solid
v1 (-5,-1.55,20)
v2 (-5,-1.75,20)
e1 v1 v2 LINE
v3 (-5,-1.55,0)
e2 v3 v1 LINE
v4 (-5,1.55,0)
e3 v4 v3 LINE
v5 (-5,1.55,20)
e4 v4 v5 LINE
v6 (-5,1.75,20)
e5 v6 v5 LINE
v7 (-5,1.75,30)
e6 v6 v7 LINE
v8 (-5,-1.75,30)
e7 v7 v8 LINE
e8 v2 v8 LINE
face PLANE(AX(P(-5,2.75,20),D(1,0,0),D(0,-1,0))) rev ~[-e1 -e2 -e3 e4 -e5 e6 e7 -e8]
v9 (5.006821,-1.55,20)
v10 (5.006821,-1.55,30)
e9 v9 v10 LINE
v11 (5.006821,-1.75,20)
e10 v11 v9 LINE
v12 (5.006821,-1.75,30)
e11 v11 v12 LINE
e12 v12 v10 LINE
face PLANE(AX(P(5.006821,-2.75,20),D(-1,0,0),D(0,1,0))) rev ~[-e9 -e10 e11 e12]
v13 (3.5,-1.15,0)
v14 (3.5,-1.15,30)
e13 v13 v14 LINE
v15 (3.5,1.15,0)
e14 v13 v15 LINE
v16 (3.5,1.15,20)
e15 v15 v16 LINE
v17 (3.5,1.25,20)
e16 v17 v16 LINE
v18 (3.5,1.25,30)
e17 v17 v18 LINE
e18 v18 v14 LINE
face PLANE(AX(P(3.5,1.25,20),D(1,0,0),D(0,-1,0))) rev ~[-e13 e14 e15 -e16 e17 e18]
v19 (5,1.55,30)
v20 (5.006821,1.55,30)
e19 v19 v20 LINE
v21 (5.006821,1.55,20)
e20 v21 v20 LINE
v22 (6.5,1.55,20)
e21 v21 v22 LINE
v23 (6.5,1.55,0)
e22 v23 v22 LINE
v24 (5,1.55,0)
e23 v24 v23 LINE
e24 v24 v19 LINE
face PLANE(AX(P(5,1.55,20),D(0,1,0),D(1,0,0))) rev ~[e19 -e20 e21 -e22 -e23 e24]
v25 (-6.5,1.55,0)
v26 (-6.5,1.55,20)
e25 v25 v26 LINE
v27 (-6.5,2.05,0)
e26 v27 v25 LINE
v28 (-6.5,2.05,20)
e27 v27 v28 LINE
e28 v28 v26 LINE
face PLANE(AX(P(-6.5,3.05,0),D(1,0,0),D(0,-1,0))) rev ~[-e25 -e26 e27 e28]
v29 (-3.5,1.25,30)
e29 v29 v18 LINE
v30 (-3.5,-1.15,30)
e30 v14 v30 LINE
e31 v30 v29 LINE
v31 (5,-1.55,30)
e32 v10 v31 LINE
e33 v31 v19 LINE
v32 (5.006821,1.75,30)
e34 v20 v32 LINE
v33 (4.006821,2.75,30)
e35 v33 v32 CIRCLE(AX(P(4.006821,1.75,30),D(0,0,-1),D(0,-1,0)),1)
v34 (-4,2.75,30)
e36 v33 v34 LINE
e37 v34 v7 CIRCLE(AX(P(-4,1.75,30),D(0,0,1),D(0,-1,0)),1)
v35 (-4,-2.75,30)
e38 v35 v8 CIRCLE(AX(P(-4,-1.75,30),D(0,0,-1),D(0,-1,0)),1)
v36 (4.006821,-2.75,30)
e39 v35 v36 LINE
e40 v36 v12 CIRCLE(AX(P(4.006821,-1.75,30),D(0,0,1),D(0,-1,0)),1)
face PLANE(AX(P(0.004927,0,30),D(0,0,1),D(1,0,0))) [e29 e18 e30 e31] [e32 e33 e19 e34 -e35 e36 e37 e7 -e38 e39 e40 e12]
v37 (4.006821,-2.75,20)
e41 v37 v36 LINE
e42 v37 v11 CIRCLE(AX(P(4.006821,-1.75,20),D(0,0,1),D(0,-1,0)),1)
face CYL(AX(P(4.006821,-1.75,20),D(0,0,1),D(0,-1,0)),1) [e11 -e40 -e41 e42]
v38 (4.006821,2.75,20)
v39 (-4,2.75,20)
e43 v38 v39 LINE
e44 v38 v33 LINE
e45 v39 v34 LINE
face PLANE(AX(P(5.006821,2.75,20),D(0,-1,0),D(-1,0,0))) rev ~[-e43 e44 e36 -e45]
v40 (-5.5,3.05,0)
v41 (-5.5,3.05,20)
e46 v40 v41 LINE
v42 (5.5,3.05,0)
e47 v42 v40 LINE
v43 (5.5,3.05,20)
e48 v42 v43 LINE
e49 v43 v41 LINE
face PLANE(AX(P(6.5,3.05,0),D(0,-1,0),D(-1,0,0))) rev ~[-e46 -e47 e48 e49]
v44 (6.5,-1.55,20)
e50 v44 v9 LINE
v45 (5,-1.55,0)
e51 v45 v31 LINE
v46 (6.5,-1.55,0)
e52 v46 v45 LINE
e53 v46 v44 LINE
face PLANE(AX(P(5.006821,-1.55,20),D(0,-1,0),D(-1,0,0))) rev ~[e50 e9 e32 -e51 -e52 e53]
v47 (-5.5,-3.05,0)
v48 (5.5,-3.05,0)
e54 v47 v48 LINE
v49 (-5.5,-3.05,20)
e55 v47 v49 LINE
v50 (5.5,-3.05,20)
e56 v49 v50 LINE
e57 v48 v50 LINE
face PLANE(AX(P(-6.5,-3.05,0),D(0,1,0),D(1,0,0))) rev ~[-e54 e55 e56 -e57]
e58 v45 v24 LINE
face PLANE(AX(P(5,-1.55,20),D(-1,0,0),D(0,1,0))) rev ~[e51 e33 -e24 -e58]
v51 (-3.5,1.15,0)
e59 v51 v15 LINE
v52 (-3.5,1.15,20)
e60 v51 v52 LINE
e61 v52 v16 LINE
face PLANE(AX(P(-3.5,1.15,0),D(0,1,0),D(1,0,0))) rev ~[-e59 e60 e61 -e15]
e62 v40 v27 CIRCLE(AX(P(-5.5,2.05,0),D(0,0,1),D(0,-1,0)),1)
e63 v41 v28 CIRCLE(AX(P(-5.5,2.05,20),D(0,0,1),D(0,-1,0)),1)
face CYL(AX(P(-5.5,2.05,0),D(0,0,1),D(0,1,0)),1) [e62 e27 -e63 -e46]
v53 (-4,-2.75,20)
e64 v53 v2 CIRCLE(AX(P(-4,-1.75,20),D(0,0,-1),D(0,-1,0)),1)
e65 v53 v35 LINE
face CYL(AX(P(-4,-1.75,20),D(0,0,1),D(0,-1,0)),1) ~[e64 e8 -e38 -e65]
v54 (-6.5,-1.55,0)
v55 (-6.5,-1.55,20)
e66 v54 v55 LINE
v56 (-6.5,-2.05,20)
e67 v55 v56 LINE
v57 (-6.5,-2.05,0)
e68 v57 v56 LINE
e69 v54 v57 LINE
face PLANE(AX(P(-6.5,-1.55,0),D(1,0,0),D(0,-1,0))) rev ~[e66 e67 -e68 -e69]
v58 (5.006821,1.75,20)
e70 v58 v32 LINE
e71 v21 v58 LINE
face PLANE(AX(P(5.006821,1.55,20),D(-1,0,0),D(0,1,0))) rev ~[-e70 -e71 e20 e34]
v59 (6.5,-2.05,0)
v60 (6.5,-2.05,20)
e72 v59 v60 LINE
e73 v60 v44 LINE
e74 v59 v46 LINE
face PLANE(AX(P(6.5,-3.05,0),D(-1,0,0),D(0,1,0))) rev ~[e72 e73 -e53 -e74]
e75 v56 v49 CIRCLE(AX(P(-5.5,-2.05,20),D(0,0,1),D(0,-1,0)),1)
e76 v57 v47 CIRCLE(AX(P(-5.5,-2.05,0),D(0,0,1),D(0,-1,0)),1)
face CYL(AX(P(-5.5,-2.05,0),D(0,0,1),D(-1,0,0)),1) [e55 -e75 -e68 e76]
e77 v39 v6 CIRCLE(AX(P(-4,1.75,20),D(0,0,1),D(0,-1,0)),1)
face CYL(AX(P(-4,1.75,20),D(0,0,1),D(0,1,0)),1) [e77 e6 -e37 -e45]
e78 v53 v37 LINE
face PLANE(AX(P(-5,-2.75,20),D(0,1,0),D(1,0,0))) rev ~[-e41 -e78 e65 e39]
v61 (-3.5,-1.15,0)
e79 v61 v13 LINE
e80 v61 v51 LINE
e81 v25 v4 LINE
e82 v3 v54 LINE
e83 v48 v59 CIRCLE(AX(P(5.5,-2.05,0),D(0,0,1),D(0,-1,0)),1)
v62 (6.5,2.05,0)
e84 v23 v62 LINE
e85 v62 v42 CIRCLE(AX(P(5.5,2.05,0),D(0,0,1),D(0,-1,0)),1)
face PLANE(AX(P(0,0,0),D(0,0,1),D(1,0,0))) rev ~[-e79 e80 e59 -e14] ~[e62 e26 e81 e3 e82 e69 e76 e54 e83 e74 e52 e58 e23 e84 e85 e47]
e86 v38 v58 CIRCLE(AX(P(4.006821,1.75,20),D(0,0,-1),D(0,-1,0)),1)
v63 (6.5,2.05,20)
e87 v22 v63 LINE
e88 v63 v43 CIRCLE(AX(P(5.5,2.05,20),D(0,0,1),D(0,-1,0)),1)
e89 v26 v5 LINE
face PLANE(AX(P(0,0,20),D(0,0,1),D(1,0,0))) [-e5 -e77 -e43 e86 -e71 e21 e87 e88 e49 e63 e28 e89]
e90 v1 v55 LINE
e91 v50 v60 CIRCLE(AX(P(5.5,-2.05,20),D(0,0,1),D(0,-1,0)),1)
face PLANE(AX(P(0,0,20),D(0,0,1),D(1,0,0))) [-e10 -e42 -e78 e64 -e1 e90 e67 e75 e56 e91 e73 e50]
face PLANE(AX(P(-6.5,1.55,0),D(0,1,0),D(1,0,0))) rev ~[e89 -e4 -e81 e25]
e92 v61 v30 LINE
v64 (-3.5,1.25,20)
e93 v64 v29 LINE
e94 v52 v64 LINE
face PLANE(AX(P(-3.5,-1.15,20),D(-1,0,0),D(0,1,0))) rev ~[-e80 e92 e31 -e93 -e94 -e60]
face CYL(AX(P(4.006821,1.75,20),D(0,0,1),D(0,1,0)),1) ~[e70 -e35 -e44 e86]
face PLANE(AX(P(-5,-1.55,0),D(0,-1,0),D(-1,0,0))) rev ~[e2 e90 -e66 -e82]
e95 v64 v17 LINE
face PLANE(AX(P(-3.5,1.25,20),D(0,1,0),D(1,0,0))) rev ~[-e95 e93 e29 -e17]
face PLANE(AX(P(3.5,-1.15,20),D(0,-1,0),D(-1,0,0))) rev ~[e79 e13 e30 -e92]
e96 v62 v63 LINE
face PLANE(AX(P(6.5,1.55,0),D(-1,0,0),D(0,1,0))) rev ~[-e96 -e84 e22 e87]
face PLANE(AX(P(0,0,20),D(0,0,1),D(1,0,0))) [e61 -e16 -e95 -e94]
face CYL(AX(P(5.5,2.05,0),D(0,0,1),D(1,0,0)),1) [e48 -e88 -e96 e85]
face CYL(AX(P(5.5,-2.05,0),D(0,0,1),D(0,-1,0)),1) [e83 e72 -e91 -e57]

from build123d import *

# Parameters (mm, degrees)
F0_W     = 7
F0_H     = 2.3
F1_DEPTH = 20
F3_DEPTH = 10
F4_R     = 1
F5_R     = 1


with BuildPart() as f1:
    # F0 (on Top) → F1 (new body)
    with BuildSketch(Plane.XY):
        Polygon((6.5, 3.05), (-6.5, 3.05), (-6.5, 1.55), (-5, 1.55), (-5, -1.55), (-6.5, -1.55), (-6.5, -3.05), (6.5, -3.05), (6.5, -1.55), (5, -1.55), (5, 1.55), (6.5, 1.55), align=None)
        Rectangle(F0_W, F0_H, mode=Mode.SUBTRACT)
    extrude(amount=F1_DEPTH)

    # F2 (on face) → F3 (join)
    with BuildSketch(Plane.XY.offset(20)):
        Polygon((-5, -1.55), (-5, -2.75), (5.006821, -2.75), (5.006821, -1.55), (5, -1.55), (5, 1.55), (5.006821, 1.55), (5.006821, 2.75), (-5, 2.75), (-5, 1.55), align=None)
        Polygon((3.5, -1.15), (-3.5, -1.15), (-3.5, 1.15), (-3.5, 1.25), (3.5, 1.25), (3.5, 1.15), align=None, mode=Mode.SUBTRACT)
    extrude(amount=F3_DEPTH)

    # F4
    f4_edges = [f1.edges().sort_by_distance(p)[0] for p in [
        (-5, 2.75, 25),
        (-5, -2.75, 25),
        (5.006821, 2.75, 25),
        (5.006821, -2.75, 25),
    ]]
    fillet(f4_edges, radius=F4_R)

    # F5
    f5_edges = [f1.edges().sort_by_distance(p)[0] for p in [
        (-6.5, 3.05, 10),
        (-6.5, -3.05, 10),
        (6.5, 3.05, 10),
        (6.5, -3.05, 10),
    ]]
    fillet(f5_edges, radius=F5_R)


solid = f1.part
